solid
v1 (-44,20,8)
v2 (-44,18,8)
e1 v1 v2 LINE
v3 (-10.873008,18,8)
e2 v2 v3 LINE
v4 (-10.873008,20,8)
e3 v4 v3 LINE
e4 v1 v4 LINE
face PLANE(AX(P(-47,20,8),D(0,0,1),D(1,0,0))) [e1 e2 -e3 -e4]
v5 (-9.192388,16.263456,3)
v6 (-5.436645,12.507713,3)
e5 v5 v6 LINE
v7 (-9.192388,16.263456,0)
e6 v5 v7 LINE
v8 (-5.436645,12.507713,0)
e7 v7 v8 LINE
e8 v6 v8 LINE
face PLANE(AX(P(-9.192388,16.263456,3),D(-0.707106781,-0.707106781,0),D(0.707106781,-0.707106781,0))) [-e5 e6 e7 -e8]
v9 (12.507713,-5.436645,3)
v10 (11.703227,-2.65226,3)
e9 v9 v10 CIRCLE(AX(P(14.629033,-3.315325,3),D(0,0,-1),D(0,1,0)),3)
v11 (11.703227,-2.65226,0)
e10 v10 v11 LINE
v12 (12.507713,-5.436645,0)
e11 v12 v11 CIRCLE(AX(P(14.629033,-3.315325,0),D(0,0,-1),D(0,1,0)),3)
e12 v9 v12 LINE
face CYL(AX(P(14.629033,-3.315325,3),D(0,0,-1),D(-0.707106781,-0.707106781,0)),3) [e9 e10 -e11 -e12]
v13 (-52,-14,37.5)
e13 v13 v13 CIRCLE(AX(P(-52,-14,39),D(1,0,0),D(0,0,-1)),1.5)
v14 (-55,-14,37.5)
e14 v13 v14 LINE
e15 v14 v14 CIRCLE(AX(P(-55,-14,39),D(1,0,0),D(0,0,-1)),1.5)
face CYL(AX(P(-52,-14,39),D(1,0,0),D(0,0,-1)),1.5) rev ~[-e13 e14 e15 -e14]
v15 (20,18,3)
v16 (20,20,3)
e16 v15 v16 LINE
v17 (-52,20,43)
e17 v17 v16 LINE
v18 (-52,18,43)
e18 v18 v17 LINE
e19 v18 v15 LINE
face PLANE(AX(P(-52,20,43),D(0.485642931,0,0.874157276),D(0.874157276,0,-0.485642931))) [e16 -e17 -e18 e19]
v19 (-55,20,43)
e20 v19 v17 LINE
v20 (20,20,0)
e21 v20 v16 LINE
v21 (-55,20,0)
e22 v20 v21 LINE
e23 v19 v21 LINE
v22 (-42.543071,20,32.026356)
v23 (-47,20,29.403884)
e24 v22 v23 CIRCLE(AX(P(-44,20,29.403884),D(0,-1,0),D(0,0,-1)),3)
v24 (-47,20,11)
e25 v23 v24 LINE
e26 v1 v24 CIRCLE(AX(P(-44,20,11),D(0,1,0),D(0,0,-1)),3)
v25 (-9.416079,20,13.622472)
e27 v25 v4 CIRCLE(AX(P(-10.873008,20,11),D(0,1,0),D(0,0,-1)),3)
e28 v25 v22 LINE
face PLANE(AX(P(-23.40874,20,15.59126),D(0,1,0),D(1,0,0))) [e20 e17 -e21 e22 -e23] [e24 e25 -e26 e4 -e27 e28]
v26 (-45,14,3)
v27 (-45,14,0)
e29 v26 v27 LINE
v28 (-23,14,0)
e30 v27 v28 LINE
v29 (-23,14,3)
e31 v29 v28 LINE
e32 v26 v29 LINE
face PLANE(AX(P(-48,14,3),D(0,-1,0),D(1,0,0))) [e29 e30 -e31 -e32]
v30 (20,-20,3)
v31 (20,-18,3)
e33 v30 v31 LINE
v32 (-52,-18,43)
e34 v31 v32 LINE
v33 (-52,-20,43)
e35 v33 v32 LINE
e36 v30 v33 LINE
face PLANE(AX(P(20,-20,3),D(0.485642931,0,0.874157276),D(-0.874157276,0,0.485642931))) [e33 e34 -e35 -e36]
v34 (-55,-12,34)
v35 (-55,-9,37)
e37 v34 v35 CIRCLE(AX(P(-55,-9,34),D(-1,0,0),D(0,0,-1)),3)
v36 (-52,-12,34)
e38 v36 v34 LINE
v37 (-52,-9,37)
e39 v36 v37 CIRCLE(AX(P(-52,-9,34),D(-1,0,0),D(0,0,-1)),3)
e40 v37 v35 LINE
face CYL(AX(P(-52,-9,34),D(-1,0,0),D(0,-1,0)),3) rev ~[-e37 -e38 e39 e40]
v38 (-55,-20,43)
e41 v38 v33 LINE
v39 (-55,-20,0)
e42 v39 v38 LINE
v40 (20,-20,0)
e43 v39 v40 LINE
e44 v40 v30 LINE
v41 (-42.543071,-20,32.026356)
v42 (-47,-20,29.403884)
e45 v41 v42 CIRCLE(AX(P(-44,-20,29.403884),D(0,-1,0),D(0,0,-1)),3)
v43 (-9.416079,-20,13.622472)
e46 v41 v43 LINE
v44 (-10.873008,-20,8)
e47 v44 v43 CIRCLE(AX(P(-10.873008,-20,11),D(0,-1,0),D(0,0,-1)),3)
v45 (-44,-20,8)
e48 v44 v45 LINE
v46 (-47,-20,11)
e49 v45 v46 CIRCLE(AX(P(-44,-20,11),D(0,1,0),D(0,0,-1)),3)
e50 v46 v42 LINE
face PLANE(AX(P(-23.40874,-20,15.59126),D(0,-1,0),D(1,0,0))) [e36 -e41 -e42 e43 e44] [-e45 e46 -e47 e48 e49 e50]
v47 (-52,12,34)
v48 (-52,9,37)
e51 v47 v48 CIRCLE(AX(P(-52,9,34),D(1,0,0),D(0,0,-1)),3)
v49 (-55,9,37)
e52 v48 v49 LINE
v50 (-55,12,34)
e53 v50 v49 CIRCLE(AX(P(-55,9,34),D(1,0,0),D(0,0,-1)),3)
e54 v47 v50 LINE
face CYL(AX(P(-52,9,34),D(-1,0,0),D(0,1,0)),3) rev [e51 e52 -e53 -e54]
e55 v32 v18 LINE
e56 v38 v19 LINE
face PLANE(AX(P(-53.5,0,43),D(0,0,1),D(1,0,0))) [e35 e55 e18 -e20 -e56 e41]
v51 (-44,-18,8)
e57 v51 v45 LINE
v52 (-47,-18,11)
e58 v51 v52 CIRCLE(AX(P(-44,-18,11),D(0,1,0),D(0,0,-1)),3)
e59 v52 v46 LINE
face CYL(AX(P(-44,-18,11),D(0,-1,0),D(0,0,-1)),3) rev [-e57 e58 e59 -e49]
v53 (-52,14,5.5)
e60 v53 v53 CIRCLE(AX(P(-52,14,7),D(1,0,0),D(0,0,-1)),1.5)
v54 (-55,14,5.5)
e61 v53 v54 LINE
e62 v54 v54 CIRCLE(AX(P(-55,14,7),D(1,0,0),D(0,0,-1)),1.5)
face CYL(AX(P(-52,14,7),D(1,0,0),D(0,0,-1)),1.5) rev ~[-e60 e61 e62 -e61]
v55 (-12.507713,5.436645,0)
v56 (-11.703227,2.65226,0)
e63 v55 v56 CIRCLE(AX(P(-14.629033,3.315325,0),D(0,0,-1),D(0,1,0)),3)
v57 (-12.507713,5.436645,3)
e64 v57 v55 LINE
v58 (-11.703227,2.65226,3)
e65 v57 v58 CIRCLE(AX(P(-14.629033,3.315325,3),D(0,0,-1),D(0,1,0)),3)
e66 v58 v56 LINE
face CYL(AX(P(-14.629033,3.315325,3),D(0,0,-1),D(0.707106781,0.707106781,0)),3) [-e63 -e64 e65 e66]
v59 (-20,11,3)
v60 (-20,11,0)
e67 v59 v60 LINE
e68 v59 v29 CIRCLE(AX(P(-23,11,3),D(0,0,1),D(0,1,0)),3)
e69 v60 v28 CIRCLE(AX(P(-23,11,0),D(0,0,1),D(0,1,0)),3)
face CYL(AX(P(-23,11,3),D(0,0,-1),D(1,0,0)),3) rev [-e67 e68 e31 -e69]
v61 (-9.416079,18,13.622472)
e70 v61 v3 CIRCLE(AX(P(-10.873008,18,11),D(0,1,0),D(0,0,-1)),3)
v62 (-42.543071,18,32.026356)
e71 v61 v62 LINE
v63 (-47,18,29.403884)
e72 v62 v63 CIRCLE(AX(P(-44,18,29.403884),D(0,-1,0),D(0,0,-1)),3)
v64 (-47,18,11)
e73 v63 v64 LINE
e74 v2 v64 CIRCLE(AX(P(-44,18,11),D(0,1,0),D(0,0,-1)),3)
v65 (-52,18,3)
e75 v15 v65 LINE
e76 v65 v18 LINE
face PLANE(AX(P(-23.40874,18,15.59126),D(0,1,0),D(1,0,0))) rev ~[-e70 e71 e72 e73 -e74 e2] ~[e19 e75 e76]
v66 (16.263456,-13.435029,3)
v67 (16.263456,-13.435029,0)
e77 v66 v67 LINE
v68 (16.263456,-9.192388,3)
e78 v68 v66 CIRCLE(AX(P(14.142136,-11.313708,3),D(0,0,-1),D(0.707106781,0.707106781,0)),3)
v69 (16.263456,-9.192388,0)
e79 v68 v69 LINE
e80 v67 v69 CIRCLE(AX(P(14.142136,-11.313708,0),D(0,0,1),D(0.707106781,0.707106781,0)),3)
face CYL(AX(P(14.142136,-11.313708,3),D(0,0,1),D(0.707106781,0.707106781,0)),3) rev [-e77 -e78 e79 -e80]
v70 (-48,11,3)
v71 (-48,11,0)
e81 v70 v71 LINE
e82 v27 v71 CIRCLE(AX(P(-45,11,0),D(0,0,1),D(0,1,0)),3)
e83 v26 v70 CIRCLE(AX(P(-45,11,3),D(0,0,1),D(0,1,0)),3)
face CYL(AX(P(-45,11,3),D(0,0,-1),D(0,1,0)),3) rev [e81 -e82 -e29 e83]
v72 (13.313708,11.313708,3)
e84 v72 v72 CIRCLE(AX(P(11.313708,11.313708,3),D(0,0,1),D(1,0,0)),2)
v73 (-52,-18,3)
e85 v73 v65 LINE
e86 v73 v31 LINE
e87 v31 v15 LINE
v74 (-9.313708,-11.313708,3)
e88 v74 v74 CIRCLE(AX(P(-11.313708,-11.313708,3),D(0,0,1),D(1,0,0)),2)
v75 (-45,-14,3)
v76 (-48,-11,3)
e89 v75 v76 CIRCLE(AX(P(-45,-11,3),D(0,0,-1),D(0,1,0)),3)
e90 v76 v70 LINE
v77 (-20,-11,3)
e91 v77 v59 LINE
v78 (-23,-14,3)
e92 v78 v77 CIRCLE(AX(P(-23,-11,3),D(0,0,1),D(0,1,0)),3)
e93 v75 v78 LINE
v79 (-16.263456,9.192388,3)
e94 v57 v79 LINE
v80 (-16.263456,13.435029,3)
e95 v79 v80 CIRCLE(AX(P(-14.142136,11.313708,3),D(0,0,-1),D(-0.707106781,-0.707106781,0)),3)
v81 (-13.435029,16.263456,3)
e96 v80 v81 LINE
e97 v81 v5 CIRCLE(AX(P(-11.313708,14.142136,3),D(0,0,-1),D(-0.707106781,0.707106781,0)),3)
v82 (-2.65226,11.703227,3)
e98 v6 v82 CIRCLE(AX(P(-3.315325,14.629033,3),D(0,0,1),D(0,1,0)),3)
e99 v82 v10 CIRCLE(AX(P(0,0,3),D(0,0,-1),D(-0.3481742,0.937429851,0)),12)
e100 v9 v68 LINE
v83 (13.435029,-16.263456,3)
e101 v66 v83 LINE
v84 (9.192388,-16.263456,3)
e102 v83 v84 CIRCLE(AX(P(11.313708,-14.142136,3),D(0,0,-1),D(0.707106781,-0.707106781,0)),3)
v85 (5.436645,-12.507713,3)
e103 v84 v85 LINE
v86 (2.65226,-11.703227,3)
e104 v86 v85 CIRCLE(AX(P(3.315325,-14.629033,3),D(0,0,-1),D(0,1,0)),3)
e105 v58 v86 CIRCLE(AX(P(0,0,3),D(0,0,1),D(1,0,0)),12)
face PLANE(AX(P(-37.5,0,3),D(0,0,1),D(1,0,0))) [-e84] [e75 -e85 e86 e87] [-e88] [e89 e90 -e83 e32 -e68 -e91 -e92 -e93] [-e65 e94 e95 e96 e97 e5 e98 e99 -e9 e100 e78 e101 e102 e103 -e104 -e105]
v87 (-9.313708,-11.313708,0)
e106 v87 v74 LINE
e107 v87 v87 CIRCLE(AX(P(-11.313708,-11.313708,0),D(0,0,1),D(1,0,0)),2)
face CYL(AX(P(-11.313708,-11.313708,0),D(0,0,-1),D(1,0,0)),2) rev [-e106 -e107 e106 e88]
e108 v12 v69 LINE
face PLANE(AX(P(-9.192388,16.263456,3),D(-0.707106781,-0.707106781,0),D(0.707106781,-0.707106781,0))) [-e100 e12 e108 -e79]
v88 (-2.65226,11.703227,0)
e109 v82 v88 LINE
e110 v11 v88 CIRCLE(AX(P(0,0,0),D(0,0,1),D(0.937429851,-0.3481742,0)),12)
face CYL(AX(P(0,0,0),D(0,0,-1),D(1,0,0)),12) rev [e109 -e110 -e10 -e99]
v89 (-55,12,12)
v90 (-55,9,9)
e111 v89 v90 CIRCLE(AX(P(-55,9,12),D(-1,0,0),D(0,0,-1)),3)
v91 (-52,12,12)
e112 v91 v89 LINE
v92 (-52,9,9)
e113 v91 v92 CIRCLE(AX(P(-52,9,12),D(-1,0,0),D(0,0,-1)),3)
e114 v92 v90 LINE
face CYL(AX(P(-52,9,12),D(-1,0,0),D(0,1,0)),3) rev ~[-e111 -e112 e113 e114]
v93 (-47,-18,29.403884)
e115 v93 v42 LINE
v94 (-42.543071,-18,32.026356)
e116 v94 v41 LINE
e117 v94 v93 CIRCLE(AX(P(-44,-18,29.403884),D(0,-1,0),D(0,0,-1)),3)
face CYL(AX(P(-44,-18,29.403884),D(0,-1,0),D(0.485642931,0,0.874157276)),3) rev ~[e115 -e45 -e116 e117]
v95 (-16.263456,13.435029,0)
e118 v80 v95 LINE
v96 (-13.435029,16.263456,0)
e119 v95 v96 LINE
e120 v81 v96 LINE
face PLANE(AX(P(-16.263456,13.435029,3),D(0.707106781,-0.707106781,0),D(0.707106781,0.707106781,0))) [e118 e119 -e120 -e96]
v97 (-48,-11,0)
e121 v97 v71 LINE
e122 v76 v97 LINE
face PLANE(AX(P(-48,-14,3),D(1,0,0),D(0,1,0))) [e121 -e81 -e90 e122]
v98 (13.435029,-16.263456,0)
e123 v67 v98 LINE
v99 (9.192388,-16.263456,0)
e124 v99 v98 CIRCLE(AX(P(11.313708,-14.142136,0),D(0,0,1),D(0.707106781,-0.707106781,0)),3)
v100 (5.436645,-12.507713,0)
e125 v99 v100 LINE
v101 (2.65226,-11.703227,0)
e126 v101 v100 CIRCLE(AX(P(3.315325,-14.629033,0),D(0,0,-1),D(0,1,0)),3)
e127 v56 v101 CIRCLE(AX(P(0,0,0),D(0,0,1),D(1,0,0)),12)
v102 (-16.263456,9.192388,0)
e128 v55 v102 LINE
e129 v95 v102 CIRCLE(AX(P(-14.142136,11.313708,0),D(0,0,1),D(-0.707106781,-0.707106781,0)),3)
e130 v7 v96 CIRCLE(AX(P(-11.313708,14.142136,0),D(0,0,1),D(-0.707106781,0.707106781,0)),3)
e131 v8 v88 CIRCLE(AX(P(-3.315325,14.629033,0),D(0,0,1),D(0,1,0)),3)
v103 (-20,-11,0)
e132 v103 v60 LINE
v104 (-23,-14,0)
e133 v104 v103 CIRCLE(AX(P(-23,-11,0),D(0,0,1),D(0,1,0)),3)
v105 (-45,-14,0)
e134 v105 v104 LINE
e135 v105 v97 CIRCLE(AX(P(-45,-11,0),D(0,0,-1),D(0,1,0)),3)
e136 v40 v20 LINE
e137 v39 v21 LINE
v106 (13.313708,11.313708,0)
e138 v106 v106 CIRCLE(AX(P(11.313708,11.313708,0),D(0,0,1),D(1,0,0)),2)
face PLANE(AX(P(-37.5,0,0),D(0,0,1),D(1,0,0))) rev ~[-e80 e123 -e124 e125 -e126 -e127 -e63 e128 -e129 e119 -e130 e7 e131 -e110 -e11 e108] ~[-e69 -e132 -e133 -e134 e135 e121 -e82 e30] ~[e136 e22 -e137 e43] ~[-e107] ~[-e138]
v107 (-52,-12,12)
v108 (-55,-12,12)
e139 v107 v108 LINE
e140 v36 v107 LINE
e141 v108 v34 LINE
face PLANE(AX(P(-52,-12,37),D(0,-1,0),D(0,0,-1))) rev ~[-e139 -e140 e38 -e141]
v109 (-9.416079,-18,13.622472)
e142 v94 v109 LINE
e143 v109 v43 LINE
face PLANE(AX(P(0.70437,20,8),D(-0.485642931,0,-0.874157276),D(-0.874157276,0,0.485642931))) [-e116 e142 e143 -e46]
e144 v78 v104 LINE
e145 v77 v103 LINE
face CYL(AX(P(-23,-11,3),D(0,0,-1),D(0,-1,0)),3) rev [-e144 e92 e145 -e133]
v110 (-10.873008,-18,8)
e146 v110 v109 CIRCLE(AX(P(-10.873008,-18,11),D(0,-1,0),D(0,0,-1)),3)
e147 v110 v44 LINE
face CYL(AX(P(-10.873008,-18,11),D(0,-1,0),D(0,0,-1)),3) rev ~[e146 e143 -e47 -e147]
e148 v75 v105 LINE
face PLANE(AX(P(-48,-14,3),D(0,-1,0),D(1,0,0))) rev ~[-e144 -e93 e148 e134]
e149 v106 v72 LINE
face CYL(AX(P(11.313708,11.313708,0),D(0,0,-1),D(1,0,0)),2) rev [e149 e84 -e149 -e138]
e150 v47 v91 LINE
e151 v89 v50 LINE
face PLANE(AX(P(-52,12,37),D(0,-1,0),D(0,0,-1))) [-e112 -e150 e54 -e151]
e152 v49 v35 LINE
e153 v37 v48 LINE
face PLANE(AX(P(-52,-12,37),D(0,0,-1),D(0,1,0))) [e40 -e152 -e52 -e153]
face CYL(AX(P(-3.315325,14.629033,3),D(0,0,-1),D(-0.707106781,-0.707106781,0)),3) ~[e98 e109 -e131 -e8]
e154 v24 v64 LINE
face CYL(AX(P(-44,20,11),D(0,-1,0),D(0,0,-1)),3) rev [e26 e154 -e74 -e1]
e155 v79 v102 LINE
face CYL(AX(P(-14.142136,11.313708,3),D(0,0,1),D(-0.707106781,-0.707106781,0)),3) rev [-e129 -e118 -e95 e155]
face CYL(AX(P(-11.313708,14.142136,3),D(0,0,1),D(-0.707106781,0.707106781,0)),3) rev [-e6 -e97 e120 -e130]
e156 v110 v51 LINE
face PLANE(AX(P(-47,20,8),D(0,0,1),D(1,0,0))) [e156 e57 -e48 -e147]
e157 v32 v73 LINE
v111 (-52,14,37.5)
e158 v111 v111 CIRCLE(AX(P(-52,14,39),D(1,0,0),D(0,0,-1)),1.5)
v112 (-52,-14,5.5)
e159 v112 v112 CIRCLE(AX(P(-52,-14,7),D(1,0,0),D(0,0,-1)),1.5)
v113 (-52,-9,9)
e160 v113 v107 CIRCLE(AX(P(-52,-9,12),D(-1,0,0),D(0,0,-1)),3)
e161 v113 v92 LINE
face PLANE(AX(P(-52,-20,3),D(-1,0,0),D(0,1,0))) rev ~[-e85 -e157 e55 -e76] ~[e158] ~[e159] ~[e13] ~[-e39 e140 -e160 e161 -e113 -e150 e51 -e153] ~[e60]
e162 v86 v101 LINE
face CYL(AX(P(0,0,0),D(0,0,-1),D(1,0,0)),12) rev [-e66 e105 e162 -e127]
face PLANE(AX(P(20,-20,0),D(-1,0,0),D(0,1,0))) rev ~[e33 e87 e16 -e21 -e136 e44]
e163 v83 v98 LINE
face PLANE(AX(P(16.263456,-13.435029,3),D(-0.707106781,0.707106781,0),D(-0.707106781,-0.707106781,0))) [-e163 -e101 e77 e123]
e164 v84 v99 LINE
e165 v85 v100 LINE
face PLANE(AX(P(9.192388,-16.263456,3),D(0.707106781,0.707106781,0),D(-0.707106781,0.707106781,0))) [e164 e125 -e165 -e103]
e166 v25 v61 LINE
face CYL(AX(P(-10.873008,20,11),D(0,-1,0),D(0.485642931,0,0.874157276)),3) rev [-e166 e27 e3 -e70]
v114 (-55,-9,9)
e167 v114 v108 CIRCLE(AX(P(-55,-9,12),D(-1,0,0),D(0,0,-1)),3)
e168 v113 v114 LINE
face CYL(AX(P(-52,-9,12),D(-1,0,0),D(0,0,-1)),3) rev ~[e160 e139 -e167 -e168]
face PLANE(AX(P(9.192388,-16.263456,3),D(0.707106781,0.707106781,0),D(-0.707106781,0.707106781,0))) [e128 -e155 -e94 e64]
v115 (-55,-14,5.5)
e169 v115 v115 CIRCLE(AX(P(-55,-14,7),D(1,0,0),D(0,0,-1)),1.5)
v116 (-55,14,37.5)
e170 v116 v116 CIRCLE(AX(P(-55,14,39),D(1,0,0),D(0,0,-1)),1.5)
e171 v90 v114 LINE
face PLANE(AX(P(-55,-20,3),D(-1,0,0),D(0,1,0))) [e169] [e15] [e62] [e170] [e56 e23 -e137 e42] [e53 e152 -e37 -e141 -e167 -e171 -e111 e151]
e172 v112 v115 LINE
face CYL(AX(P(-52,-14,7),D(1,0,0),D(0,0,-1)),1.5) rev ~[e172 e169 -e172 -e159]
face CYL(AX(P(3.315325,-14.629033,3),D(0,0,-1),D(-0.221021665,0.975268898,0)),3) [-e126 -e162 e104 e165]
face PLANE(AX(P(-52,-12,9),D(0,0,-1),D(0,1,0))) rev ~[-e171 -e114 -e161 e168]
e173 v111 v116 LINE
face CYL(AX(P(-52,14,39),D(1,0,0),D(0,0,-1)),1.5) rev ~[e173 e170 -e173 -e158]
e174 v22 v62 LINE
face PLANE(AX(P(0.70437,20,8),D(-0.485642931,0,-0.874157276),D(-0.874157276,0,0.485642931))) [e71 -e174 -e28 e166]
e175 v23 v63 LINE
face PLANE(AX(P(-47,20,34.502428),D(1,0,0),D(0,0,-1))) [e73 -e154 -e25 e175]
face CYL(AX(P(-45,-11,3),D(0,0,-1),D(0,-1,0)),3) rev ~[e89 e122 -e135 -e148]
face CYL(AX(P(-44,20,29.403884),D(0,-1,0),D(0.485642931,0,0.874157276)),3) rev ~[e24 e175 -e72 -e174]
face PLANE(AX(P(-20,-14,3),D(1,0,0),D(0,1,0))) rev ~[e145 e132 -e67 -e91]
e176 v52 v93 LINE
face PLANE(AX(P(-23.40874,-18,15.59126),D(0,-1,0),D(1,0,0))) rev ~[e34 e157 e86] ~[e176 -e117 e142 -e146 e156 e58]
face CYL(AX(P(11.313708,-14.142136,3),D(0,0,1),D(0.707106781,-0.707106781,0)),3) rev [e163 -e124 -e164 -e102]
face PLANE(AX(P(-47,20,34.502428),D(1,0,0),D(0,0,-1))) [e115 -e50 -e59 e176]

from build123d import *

# Parameters (mm, degrees)
SKETCH_1_W          = 40
SKETCH_1_H          = 40
SKETCH_1_R          = 2
SKETCH_1_R_2        = 12
EXTRUDE_1_DEPTH     = 3
SKETCH_2_W          = 35
SKETCH_2_H          = 40
EXTRUDE_2_DEPTH     = 3
SKETCH_3_W          = 3
SKETCH_3_H          = 40
EXTRUDE_3_DEPTH     = 40
EXTRUDE_4_DEPTH     = 2
EXTRUDE_5_DEPTH     = 2
SKETCH_6_R          = 1.5
SKETCH_6_W          = 28
SKETCH_6_H          = 24
CUT_EXTRUDE_1_DEPTH = 12
FILLET_1_R          = 3
SKETCH_7_W          = 28
SKETCH_7_H          = 28
CUT_EXTRUDE_2_DEPTH = 12
FILLET_2_R          = 3
CUT_EXTRUDE_3_DEPTH = 49
FILLET_3_R          = 3
FILLET_4_R          = 3
CUT_EXTRUDE_4_DEPTH = 10
FILLET_5_R          = 3


with BuildPart() as part:
    # 草图1 → 凸台-拉伸1 (new body)
    with BuildSketch(Plane.XY):
        Rectangle(SKETCH_1_W, SKETCH_1_H)
        with Locations((11.313708499, 11.313708499)):
            Circle(SKETCH_1_R, mode=Mode.SUBTRACT)
        with Locations((11.313708499, -11.313708499)):
            Circle(SKETCH_1_R, mode=Mode.SUBTRACT)
        with Locations((-11.313708499, -11.313708499)):
            Circle(SKETCH_1_R, mode=Mode.SUBTRACT)
        with Locations((-11.313708499, 11.313708499)):
            Circle(SKETCH_1_R, mode=Mode.SUBTRACT)
        Circle(SKETCH_1_R_2, mode=Mode.SUBTRACT)
    extrude(amount=EXTRUDE_1_DEPTH)

    # 草图2 → 凸台-拉伸2 (add)
    with BuildSketch(Plane.XY.offset(3)):
        with Locations((-37.5, 0)):
            Rectangle(SKETCH_2_W, SKETCH_2_H)
    extrude(amount=-EXTRUDE_2_DEPTH)

    # 草图3 → 凸台-拉伸3 (add)
    with BuildSketch(Plane.XY.offset(3)):
        with Locations((-53.5, 0)):
            Rectangle(SKETCH_3_W, SKETCH_3_H)
    extrude(amount=EXTRUDE_3_DEPTH)

    # 草图4 → 凸台-拉伸4 (add)
    with BuildSketch(Plane(origin=(0, 20, 0), x_dir=(1, 0, 0), z_dir=(0, 1, 0))):
        Polygon((-52, -43), (20, -3), (-52, -3), align=None)
    extrude(amount=-EXTRUDE_4_DEPTH)

    # 草图5 → 凸台-拉伸5 (add)
    with BuildSketch(Plane.XZ.offset(20)):
        Polygon((-52, 43), (-52, 3), (20, 3), align=None)
    extrude(amount=-EXTRUDE_5_DEPTH)

    # 草图6 → 切除-拉伸1 (cut)
    with BuildSketch(Plane(origin=(-52, 0, 0), x_dir=(0, 0, -1), z_dir=(1, 0, 0))):
        with Locations((-39, 14)):
            Circle(SKETCH_6_R)
        with Locations((-7, 14)):
            Circle(SKETCH_6_R)
        with Locations((-7, -14)):
            Circle(SKETCH_6_R)
        with Locations((-39, -14)):
            Circle(SKETCH_6_R)
        with Locations((-23, 0)):
            Rectangle(SKETCH_6_W, SKETCH_6_H)
    extrude(amount=-CUT_EXTRUDE_1_DEPTH, mode=Mode.SUBTRACT)

    # 圆角1
    fillet_1_edges = [part.edges().sort_by_distance(p)[0] for p in [
        (-53.5, -12, 37),
        (-53.5, 12, 37),
        (-53.5, 12, 9),
        (-53.5, -12, 9),
    ]]
    fillet(fillet_1_edges, radius=FILLET_1_R)

    # 草图7 → 切除-拉伸2 (cut)
    with BuildSketch(Plane.XY.offset(3)):
        with Locations((-34, 0)):
            Rectangle(SKETCH_7_W, SKETCH_7_H)
    extrude(amount=-CUT_EXTRUDE_2_DEPTH, mode=Mode.SUBTRACT)

    # 圆角2
    fillet_2_edges = [part.edges().sort_by_distance(p)[0] for p in [
        (-20, 14, 1.5),
        (-20, -14, 1.5),
        (-48, -14, 1.5),
        (-48, 14, 1.5),
    ]]
    fillet(fillet_2_edges, radius=FILLET_2_R)

    # 草图8 → 切除-拉伸3 (cut)
    with BuildSketch(Plane(origin=(0, 20, 0), x_dir=(1, 0, 0), z_dir=(0, 1, 0))):
        Polygon((-47, -34.502427699), (-47, -8), (0.704369859, -8), align=None)
    extrude(amount=-CUT_EXTRUDE_3_DEPTH, mode=Mode.SUBTRACT)

    # 圆角3
    fillet_3_edges = [part.edges().sort_by_distance(p)[0] for p in [
        (0.704369859, 19, 8),
        (-47, 19, 34.502427699),
        (-47, 19, 8),
    ]]
    fillet(fillet_3_edges, radius=FILLET_3_R)

    # 圆角4
    fillet_4_edges = [part.edges().sort_by_distance(p)[0] for p in [
        (0.704369859, -19, 8),
        (-47, -19, 34.502427699),
        (-47, -19, 8),
    ]]
    fillet(fillet_4_edges, radius=FILLET_4_R)

    # 草图9 → 切除-拉伸4 (cut)
    with BuildSketch(Plane.XY.offset(3)):
        with BuildLine():
            Line((-4.949747468, 12.02081528), (-1.998451999, 9.069519811))
            Line((-1.998451999, 9.069519811), (12.02081528, -4.949747468))
            Line((12.02081528, -4.949747468), (16.263455967, -9.192388155))
            ThreePointArc((16.263455967, -9.192388155), (17.142135624, -11.313708499), (16.263455967, -13.435028843))
            Line((16.263455967, -13.435028843), (13.435028843, -16.263455967))
            ThreePointArc((13.435028843, -16.263455967), (11.313708499, -17.142135624), (9.192388155, -16.263455967))
            Line((9.192388155, -16.263455967), (4.949747468, -12.02081528))
            Line((4.949747468, -12.02081528), (-9.069519811, 1.998451999))
            Line((-9.069519811, 1.998451999), (-12.02081528, 4.949747468))
            Line((-12.02081528, 4.949747468), (-16.263455967, 9.192388155))
            ThreePointArc((-16.263455967, 9.192388155), (-17.142135624, 11.313708499), (-16.263455967, 13.435028843))
            Line((-16.263455967, 13.435028843), (-13.435028843, 16.263455967))
            ThreePointArc((-13.435028843, 16.263455967), (-11.313708499, 17.142135624), (-9.192388155, 16.263455967))
            Line((-9.192388155, 16.263455967), (-4.949747468, 12.02081528))
        make_face()
    extrude(amount=-CUT_EXTRUDE_4_DEPTH, mode=Mode.SUBTRACT)

    # 圆角5
    fillet_5_edges = [part.edges().sort_by_distance(p)[0] for p in [
        (4.178090404, -11.249158216, 1.5),
        (-11.249158216, 4.178090404, 1.5),
        (-4.178090404, 11.249158216, 1.5),
        (11.249158216, -4.178090404, 1.5),
    ]]
    fillet(fillet_5_edges, radius=FILLET_5_R)


solid = part.part
